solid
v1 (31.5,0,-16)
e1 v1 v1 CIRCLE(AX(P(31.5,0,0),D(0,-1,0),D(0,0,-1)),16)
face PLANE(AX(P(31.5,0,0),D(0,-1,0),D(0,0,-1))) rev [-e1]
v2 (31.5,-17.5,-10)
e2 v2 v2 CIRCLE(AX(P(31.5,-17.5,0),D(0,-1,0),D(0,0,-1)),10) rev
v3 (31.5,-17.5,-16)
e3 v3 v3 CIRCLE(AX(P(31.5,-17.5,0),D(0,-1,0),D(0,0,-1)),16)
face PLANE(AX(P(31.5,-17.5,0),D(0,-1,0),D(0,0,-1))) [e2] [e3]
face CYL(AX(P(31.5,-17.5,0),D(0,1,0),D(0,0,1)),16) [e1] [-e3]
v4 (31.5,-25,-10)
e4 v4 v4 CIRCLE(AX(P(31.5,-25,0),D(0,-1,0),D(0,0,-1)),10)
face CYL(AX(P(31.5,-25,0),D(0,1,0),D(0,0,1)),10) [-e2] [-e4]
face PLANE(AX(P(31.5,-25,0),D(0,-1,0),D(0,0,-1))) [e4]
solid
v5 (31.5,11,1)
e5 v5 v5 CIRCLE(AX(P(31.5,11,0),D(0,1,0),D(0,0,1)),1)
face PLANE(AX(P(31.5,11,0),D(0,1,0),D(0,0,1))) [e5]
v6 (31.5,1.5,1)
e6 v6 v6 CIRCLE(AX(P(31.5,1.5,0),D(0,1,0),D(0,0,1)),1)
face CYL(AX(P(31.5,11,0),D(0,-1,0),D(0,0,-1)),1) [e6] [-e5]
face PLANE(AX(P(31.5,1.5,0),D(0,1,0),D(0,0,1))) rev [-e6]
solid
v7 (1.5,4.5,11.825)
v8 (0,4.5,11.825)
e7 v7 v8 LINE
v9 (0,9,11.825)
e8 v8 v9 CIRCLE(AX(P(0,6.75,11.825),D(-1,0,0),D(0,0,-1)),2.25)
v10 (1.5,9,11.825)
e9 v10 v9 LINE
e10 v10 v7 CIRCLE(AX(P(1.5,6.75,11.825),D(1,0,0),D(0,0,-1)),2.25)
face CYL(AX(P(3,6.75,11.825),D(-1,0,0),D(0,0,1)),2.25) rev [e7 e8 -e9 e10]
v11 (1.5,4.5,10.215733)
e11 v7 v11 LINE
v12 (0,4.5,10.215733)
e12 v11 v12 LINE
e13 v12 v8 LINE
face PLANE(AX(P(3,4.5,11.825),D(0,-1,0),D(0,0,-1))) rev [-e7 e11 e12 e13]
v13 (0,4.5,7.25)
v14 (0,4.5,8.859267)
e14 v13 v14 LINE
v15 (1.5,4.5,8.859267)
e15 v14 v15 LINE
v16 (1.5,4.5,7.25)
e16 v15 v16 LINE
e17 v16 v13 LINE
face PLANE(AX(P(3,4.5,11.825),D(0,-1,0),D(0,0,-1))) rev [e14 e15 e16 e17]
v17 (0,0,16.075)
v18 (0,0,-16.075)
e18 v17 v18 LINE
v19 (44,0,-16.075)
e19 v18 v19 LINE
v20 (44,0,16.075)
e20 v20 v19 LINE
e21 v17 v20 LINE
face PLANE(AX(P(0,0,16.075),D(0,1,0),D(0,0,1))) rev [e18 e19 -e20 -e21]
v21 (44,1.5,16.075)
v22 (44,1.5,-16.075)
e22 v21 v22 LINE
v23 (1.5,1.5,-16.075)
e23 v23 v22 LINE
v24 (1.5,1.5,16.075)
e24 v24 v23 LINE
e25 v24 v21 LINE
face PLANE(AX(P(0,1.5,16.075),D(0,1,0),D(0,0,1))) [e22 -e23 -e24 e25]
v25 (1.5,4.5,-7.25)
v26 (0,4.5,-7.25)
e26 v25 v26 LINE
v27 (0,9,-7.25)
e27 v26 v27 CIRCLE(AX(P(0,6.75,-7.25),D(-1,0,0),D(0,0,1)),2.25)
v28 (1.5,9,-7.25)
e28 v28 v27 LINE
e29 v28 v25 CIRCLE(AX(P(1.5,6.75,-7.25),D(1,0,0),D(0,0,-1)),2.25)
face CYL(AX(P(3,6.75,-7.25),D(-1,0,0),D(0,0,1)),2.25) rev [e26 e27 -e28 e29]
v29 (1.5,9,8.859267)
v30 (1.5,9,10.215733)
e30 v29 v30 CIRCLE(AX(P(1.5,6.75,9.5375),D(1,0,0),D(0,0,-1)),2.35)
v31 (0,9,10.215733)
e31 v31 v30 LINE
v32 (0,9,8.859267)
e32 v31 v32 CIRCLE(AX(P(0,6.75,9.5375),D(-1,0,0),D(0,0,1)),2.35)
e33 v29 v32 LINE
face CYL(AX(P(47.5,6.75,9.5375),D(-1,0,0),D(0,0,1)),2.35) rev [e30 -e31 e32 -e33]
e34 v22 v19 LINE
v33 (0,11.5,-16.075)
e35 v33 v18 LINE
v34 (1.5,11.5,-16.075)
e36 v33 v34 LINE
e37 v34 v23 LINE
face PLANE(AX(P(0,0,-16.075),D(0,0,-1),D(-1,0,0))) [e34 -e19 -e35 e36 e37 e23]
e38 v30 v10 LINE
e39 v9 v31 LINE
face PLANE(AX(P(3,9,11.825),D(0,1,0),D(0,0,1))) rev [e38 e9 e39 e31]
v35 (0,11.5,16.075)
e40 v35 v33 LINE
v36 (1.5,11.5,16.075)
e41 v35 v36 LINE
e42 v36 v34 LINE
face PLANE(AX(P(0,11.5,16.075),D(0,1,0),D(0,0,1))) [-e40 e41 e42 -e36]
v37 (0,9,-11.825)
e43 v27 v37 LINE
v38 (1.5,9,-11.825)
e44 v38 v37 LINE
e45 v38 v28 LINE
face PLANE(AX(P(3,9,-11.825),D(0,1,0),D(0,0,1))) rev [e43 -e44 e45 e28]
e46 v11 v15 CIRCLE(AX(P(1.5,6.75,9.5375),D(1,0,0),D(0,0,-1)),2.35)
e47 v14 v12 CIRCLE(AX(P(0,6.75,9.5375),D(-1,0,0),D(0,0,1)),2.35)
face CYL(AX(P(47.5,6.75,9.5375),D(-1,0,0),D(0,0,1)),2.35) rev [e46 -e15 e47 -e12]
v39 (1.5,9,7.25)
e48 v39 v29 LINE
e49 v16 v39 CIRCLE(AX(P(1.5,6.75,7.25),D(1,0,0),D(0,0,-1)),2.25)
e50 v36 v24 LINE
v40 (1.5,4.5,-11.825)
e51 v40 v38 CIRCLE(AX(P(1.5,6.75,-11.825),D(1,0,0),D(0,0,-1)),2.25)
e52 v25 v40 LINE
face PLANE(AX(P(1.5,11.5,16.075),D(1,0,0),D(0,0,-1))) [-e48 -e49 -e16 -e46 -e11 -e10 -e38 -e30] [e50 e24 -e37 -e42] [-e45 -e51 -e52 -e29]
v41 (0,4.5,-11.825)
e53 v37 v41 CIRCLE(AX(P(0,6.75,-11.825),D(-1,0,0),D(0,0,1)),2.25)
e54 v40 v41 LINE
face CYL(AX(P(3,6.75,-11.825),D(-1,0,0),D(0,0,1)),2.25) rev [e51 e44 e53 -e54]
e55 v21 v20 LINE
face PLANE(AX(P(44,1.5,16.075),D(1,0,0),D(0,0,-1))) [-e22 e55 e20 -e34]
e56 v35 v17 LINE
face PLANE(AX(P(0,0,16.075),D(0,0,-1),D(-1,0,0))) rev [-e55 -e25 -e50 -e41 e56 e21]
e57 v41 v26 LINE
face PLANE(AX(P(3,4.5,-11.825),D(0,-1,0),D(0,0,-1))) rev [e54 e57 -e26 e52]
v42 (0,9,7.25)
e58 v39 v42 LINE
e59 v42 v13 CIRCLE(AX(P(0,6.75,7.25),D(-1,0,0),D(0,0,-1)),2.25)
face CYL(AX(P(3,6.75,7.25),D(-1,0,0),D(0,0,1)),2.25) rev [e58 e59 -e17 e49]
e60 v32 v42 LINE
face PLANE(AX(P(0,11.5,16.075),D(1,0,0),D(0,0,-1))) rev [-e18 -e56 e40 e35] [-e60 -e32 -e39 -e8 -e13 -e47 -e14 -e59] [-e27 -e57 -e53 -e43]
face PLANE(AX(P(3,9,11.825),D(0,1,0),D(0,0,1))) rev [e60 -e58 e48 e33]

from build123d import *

# Parameters (mm, degrees)
EXTRU_MINCE1_DEPTH      = 16.075
ENL_V_MAT_EXTRU_1_DEPTH = 3
ESQUISSE3_R             = 1
BOSS_EXTRU_1_DEPTH      = 9.5
ESQUISSE4_R             = 16
BOSS_EXTRU_2_DEPTH      = 17.5
ESQUISSE5_R             = 2.35
ENL_V_MAT_EXTRU_2_DEPTH = 54.112198458
ESQUISSE6_R             = 10
BOSS_EXTRU_3_DEPTH      = 25


with BuildPart() as part:
    # Esquisse1 → Extru.-Mince1 (new, symmetric)
    with BuildSketch(Plane.XY):
        Polygon((0, 11.5), (0, 0), (44, 0), (44, 1.5), (1.5, 1.5), (1.5, 11.5), align=None)
    extrude(amount=EXTRU_MINCE1_DEPTH, both=True)

    # Esquisse2 → Enlèv. mat.-Extru.1 (cut)
    with BuildSketch(Plane.ZY):
        with BuildLine():
            Line((-11.825, 9), (-7.25, 9))
            ThreePointArc((-7.25, 9), (-5, 6.75), (-7.25, 4.5))
            Line((-7.25, 4.5), (-11.825, 4.5))
            ThreePointArc((-11.825, 4.5), (-14.075, 6.75), (-11.825, 9))
        make_face()
        with BuildLine():
            Line((11.825, 9), (7.25, 9))
            ThreePointArc((7.25, 9), (5, 6.75), (7.25, 4.5))
            Line((7.25, 4.5), (11.825, 4.5))
            ThreePointArc((11.825, 4.5), (14.075, 6.75), (11.825, 9))
        make_face()
    extrude(amount=-ENL_V_MAT_EXTRU_1_DEPTH, mode=Mode.SUBTRACT)

    # Esquisse5 → Enlèv. mat.-Extru.2 (cut, through all)
    with BuildSketch(Plane.ZY):
        with Locations((9.5375, 6.75)):
            Circle(ESQUISSE5_R)
    extrude(amount=-ENL_V_MAT_EXTRU_2_DEPTH, mode=Mode.SUBTRACT)


with BuildPart() as body_2:
    # Esquisse3 → Boss.-Extru.1 (new body)
    with BuildSketch(Plane(origin=(0, 1.5, 0), x_dir=(1, 0, 0), z_dir=(0, 1, 0))):
        with Locations((31.5, 0)):
            Circle(ESQUISSE3_R)
    extrude(amount=BOSS_EXTRU_1_DEPTH)


with BuildPart() as body_3:
    # Esquisse4 → Boss.-Extru.2 (new body)
    with BuildSketch(Plane.XZ):
        with Locations((31.5, 0)):
            Circle(ESQUISSE4_R)
    extrude(amount=BOSS_EXTRU_2_DEPTH)

    # Esquisse6 → Boss.-Extru.3 (add)
    with BuildSketch(Plane.XZ):
        with Locations((31.5, 0)):
            Circle(ESQUISSE6_R)
    extrude(amount=BOSS_EXTRU_3_DEPTH)


solid = Compound([part.part, body_2.part, body_3.part])
